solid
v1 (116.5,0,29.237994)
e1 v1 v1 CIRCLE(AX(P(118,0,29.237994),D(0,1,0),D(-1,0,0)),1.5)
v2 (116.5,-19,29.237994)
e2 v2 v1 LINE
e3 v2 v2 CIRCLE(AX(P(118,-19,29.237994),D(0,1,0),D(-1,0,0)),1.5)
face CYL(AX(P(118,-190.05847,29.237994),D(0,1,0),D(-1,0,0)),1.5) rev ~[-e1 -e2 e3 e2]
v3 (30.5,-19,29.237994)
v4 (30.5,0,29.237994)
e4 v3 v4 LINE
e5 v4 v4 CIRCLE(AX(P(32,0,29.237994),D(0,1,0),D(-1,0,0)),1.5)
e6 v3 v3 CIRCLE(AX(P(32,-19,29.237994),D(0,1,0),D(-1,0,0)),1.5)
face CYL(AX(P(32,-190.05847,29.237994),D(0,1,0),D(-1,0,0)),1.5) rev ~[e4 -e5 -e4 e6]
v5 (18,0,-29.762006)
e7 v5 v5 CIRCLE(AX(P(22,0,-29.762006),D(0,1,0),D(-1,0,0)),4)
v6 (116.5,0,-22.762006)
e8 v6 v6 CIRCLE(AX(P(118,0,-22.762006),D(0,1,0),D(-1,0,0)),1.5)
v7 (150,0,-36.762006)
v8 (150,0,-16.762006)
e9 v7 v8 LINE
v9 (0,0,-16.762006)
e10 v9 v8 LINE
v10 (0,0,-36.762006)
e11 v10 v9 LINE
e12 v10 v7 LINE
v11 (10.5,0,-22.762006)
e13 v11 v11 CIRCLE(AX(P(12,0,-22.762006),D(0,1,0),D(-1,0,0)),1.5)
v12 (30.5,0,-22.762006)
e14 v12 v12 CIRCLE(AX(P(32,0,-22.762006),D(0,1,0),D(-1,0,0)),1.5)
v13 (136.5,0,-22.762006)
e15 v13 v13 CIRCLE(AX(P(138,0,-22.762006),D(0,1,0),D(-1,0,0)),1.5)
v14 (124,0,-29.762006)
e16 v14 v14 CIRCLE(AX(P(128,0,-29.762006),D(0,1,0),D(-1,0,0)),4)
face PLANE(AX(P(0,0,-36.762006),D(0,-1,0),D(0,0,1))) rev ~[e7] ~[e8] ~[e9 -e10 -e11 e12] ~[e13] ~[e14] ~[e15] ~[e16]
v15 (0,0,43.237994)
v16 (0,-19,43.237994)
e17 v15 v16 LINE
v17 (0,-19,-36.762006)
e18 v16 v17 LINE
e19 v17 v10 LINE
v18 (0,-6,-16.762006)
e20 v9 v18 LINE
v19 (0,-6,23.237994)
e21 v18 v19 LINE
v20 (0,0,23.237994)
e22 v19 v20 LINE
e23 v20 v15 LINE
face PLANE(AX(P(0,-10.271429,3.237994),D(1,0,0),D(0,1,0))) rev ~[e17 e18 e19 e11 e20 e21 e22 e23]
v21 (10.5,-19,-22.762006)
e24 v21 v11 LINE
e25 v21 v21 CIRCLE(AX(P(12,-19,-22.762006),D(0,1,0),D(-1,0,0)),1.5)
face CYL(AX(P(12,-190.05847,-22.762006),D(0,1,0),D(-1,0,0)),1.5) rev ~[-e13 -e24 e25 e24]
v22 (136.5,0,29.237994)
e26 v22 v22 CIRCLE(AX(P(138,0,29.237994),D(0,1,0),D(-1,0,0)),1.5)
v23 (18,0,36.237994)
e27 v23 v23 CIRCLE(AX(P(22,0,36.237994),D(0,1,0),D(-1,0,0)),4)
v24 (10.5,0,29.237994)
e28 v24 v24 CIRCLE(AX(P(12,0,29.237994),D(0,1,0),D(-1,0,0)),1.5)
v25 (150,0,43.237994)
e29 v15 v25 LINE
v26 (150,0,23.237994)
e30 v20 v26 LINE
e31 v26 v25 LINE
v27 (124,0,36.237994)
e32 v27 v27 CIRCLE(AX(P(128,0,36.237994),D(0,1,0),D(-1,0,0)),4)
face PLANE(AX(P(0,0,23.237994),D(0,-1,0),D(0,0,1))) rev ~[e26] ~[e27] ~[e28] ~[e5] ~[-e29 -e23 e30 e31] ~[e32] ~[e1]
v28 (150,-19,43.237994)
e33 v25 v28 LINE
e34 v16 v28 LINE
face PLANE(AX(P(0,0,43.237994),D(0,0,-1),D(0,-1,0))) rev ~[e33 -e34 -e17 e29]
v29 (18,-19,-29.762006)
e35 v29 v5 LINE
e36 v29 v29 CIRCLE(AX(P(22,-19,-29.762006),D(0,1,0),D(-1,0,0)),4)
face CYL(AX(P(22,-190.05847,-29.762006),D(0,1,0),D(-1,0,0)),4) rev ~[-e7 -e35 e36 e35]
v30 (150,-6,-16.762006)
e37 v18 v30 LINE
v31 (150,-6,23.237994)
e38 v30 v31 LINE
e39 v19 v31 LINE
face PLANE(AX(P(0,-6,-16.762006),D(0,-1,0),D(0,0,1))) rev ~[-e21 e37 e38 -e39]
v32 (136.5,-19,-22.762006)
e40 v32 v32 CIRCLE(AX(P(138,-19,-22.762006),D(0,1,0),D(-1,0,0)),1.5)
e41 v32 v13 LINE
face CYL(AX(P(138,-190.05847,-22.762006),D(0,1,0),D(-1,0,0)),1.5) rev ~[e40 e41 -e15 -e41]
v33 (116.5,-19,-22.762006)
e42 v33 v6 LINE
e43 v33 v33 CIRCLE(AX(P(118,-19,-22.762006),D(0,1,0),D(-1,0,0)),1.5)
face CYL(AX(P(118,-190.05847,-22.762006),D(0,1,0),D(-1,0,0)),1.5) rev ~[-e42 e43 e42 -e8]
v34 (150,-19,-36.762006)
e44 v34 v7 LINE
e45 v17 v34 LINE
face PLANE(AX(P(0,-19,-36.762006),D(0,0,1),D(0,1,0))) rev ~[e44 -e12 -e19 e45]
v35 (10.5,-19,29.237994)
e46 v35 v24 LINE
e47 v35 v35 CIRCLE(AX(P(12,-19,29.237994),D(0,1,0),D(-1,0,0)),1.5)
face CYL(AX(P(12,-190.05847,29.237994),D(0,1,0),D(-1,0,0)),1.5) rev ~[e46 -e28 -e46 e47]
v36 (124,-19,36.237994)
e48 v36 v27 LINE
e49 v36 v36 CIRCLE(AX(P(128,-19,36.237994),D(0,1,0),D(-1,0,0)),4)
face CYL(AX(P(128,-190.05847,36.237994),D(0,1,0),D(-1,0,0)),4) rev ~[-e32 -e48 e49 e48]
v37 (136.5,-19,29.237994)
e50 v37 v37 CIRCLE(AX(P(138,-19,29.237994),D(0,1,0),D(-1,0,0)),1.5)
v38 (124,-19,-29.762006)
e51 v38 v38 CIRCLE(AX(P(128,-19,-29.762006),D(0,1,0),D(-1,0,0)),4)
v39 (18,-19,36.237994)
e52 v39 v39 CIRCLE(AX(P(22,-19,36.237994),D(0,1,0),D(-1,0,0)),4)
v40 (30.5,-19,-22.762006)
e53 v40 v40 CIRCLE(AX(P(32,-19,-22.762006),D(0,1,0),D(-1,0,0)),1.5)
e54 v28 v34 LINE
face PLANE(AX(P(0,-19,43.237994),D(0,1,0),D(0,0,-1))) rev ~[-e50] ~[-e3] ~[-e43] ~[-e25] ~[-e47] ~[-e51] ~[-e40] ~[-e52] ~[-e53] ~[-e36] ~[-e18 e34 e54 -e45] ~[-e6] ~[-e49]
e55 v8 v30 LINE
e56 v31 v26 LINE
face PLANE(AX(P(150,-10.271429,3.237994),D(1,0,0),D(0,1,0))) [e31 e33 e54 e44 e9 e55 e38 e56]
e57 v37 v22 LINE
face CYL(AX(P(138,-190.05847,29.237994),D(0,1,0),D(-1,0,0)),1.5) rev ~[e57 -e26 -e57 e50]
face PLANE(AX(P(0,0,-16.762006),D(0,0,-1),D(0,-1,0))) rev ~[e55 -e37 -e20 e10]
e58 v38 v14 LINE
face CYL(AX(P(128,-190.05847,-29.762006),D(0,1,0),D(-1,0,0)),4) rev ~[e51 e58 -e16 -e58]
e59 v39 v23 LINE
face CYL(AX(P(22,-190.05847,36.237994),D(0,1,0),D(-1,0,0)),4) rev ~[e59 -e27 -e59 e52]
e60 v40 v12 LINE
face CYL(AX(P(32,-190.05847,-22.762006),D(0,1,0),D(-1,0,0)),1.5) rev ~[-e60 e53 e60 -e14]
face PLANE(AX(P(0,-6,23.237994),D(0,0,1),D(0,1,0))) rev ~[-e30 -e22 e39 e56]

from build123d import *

# Parameters (mm, degrees)
F1_DEPTH = 150
F3_D     = 3
F4_D     = 8


with BuildPart() as f1:
    # F0 (on Right) → F1 (new body)
    with BuildSketch(Plane.YZ):
        Polygon((0, 23.237994), (0, 43.237994), (-19, 43.237994), (-19, -36.762006), (0, -36.762006), (0, -16.762006), (-6, -16.762006), (-6, 23.237994), align=None)
    extrude(amount=F1_DEPTH)

    # F3 (through all)
    with Locations(Plane.XZ.offset(19)):
        with Locations((12, 29.237994), (138, 29.237994), (12, -22.762006), (138, -22.762006), (118, 29.237994), (118, -22.762006), (32, 29.237994), (32, -22.762006)):
            Hole(F3_D / 2)

    # F4 (through all)
    with Locations(Plane.XZ.offset(19)):
        with Locations((128, 36.237994), (22, 36.237994), (22, -29.762006), (128, -29.762006)):
            Hole(F4_D / 2)


solid = f1.part
